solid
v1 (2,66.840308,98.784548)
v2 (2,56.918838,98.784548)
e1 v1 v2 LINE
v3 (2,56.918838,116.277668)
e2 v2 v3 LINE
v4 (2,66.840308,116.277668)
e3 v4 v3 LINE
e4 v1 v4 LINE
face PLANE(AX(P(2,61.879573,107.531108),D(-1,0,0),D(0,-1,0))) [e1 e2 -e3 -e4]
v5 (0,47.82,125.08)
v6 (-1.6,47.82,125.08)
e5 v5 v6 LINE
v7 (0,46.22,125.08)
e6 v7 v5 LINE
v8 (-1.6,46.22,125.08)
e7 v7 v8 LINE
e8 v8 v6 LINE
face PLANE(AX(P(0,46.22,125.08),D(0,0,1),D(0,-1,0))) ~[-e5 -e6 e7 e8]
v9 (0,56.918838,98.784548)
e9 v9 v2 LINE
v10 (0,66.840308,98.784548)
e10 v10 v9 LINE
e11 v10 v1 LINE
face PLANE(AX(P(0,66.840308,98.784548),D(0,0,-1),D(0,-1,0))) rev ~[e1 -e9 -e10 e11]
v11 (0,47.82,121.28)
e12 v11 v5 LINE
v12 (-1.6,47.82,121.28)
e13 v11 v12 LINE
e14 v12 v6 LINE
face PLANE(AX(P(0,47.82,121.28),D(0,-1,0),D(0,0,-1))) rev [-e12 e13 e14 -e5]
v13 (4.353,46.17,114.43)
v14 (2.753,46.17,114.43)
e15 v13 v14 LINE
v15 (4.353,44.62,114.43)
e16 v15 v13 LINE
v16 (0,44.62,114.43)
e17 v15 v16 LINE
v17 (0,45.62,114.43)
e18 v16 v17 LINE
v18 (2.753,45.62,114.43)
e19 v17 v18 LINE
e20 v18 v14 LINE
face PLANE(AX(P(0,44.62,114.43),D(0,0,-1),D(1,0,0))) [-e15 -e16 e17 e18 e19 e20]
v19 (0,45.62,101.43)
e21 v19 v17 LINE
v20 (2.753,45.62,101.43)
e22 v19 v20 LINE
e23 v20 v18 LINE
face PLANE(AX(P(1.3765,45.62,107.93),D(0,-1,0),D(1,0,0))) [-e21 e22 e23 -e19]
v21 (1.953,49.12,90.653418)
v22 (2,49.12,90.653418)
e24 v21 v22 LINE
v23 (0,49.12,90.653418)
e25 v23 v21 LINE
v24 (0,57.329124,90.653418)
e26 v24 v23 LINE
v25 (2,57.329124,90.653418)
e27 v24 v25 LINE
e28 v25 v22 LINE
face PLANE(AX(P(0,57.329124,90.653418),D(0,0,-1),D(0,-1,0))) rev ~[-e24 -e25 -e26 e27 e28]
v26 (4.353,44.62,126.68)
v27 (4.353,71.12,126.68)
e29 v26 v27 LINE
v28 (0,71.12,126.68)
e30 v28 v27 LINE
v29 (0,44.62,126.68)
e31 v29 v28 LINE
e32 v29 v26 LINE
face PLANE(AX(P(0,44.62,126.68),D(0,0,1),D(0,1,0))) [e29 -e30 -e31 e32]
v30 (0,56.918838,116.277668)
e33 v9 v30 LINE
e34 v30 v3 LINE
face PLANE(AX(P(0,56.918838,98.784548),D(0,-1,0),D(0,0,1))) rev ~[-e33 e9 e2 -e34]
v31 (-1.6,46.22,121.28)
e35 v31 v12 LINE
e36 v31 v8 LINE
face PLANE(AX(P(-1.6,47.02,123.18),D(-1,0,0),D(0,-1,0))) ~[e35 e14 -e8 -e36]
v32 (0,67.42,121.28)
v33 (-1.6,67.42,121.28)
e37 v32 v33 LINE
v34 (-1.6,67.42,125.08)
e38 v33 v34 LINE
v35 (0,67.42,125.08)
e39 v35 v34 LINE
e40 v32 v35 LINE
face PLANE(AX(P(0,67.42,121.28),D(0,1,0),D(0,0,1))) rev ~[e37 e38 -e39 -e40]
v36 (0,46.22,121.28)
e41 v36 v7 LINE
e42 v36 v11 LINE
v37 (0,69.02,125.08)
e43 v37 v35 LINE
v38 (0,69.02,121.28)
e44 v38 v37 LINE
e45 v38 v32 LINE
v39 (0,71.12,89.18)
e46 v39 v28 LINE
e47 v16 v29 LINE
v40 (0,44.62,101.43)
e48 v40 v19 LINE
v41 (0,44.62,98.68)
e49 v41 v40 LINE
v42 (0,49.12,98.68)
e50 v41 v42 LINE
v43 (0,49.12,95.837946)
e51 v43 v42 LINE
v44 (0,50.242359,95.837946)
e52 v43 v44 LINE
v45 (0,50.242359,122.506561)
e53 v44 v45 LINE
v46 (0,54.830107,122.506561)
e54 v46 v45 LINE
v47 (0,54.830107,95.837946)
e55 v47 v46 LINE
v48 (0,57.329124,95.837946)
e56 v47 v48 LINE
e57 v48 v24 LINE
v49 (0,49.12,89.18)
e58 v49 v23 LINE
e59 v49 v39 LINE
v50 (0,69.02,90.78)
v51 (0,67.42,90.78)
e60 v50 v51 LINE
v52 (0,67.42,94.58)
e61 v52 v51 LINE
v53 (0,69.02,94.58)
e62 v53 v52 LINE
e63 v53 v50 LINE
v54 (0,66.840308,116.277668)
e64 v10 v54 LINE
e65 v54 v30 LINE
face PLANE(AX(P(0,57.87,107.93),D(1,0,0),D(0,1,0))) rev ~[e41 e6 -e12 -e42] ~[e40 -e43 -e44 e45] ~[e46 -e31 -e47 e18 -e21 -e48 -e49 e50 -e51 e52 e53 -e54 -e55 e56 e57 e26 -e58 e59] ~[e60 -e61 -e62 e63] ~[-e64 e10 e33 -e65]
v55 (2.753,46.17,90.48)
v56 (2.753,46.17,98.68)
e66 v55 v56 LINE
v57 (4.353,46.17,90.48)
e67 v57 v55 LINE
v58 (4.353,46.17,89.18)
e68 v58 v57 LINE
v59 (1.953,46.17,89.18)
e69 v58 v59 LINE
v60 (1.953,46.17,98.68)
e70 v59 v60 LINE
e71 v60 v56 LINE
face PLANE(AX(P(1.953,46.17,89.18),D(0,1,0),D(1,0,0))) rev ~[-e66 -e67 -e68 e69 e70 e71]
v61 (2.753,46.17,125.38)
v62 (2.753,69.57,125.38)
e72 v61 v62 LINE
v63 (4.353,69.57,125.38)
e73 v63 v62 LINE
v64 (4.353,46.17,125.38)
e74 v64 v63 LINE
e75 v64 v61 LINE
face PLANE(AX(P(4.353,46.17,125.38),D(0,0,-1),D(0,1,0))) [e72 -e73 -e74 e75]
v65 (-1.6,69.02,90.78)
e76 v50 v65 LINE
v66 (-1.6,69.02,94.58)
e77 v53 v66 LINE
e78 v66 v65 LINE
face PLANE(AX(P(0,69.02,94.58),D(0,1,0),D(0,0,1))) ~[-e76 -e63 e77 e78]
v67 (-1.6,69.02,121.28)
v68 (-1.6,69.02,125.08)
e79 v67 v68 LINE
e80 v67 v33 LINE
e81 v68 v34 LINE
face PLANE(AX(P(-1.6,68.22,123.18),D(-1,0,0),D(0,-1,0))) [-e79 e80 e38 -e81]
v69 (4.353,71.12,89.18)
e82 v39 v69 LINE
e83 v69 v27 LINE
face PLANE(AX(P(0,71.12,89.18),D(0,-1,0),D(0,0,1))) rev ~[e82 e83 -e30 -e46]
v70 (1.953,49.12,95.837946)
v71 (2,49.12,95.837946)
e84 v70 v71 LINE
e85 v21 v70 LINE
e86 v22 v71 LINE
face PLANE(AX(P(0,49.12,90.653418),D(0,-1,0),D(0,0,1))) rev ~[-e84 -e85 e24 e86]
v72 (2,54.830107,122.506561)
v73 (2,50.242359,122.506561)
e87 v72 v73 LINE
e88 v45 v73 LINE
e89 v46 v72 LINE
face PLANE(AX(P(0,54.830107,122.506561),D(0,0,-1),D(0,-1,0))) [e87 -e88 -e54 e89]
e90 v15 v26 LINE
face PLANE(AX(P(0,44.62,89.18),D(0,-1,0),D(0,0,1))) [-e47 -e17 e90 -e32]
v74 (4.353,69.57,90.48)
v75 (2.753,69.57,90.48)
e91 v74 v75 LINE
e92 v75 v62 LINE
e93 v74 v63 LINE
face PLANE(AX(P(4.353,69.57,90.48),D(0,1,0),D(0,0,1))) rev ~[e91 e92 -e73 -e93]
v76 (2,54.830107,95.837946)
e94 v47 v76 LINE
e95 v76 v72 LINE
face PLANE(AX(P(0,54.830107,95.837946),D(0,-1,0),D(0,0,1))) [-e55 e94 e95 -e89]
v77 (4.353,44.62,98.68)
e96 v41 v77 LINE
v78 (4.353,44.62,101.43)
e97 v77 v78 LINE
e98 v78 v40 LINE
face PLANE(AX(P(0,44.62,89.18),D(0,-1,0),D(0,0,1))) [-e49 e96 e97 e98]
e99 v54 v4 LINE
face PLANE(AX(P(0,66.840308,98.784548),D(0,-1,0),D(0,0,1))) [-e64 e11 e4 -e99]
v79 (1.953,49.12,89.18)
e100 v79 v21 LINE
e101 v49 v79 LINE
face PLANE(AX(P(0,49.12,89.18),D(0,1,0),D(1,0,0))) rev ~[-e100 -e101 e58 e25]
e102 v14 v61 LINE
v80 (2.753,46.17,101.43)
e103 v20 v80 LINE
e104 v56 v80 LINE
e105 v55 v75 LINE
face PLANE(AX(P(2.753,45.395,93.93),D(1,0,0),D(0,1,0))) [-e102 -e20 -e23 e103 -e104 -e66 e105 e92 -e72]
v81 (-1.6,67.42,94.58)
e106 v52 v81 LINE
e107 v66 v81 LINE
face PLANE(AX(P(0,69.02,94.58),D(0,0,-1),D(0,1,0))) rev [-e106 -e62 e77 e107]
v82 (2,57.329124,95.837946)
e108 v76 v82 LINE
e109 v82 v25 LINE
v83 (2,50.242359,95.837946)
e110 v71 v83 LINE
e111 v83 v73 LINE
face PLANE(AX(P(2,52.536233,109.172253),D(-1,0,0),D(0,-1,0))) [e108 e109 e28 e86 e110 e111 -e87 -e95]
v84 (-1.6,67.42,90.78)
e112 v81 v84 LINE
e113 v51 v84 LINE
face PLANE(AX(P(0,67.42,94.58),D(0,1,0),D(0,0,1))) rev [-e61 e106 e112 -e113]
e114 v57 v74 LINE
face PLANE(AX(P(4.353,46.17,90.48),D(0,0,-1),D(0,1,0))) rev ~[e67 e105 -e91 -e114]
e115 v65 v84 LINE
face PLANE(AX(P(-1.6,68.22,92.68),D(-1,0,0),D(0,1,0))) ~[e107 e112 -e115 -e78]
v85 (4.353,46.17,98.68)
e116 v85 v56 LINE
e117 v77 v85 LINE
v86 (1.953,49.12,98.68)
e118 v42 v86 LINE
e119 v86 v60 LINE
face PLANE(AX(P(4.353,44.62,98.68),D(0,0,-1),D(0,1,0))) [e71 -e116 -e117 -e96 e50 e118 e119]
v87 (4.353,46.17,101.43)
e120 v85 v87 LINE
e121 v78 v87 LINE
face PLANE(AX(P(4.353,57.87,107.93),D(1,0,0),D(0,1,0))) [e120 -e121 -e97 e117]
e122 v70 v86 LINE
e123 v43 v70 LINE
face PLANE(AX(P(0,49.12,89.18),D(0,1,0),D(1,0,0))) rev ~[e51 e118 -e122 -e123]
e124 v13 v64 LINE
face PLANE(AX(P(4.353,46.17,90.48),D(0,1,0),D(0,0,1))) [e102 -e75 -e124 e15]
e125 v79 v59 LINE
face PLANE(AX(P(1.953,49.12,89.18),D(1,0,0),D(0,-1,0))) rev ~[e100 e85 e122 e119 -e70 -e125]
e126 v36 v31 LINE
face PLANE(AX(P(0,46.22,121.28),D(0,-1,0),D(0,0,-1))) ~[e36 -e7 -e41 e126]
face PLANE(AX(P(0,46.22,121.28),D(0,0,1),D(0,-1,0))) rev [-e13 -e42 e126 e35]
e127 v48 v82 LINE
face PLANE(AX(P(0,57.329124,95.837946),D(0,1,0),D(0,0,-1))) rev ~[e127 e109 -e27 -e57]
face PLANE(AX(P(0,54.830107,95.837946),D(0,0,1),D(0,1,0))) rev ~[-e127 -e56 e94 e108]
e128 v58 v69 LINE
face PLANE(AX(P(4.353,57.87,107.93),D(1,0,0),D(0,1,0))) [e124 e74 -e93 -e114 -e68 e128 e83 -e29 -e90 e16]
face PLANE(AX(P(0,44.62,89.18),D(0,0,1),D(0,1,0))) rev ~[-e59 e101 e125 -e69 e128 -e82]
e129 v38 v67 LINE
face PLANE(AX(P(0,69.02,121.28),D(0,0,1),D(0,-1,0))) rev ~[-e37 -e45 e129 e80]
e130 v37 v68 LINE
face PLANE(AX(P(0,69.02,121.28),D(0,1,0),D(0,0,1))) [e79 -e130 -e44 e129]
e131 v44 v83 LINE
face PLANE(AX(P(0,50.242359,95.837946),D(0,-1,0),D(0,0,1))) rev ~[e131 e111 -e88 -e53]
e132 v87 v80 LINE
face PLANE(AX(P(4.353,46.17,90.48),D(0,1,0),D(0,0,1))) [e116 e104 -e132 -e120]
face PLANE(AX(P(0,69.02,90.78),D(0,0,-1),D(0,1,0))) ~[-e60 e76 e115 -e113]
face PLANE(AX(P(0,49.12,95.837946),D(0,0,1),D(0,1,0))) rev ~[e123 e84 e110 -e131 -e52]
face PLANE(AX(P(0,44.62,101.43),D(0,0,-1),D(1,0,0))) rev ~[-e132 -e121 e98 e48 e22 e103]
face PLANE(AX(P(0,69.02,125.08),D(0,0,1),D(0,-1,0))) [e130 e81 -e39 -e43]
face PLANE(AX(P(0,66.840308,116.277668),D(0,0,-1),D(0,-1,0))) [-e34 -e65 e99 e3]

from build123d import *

# Parameters (mm, degrees)
SKETCH1_W           = 26.5
SKETCH1_H           = 37.5
BOSS_EXTRUDE1_DEPTH = 4.353
SKETCH2_W           = 23.4
SKETCH2_H           = 34.9
CUT_EXTRUDE1_DEPTH  = 1.6
SKETCH3_W           = 1.55
SKETCH3_H           = 13
CUT_EXTRUDE2_DEPTH  = 1.6
SKETCH4_W           = 2.753
SKETCH4_H           = 13
CUT_EXTRUDE3_DEPTH  = 1
SKETCH5_W           = 1.55
SKETCH5_H           = 9.5
CUT_EXTRUDE5_DEPTH  = 1.6
CUT_EXTRUDE6_DEPTH  = 9.5
SKETCH7_W           = 4.587747781
SKETCH7_H           = 26.668615153
SKETCH7_W_2         = 9.921470812
SKETCH7_H_2         = 17.49311959
CUT_EXTRUDE7_DEPTH  = 2
SKETCH8_W           = 1.6
SKETCH8_H           = 3.8
BOSS_EXTRUDE2_DEPTH = 1.6


with BuildPart() as part:
    # Sketch1 → Boss-Extrude1 (new body)
    with BuildSketch(Plane.YZ):
        with Locations((57.87, 107.93)):
            Rectangle(SKETCH1_W, SKETCH1_H)
    extrude(amount=BOSS_EXTRUDE1_DEPTH)

    # Sketch2 → Cut-Extrude1 (cut)
    with BuildSketch(Plane.YZ.offset(4.353)):
        with Locations((57.87, 107.93)):
            Rectangle(SKETCH2_W, SKETCH2_H)
    extrude(amount=-CUT_EXTRUDE1_DEPTH, mode=Mode.SUBTRACT)

    # Sketch3 → Cut-Extrude2 (cut)
    with BuildSketch(Plane.YZ.offset(4.353)):
        with Locations((45.395, 107.93)):
            Rectangle(SKETCH3_W, SKETCH3_H)
    extrude(amount=-CUT_EXTRUDE2_DEPTH, mode=Mode.SUBTRACT)

    # Sketch4 → Cut-Extrude3 (cut)
    with BuildSketch(Plane.XZ.offset(-44.62)):
        with Locations((1.3765, 107.93)):
            Rectangle(SKETCH4_W, SKETCH4_H)
    extrude(amount=-CUT_EXTRUDE3_DEPTH, mode=Mode.SUBTRACT)

    # Sketch5 → Cut-Extrude5 (cut)
    with BuildSketch(Plane.YZ.offset(4.353)):
        with Locations((45.395, 93.93)):
            Rectangle(SKETCH5_W, SKETCH5_H)
    extrude(amount=-CUT_EXTRUDE5_DEPTH, mode=Mode.SUBTRACT)

    # Sketch6 → Cut-Extrude6 (cut)
    with BuildSketch(Plane(origin=(0, 0, 89.18), x_dir=(1, 0, 0), z_dir=(0, 0, -1))):
        Polygon((1.953, -46.17), (2.753, -46.17), (2.753, -44.62), (0, -44.62), (0, -49.12), (1.953, -49.12), align=None)
    extrude(amount=-CUT_EXTRUDE6_DEPTH, mode=Mode.SUBTRACT)

    # Sketch7 → Cut-Extrude7 (cut)
    with BuildSketch(Plane(origin=(0, 0, 0), x_dir=(0, -1, 0), z_dir=(-1, 0, 0))):
        with Locations((-52.536232928, 109.172253496)):
            Rectangle(SKETCH7_W, SKETCH7_H)
        Polygon((-57.329123903, 95.837945919), (-57.329123903, 90.653417938), (-49.12, 90.653417938), (-49.12, 95.837945919), (-50.242359038, 95.837945919), (-54.830106819, 95.837945919), align=None)
        with Locations((-61.879572923, 107.531107948)):
            Rectangle(SKETCH7_W_2, SKETCH7_H_2)
    extrude(amount=-CUT_EXTRUDE7_DEPTH, mode=Mode.SUBTRACT)

    # Sketch8 → Boss-Extrude2 (add)
    with BuildSketch(Plane(origin=(0, 0, 0), x_dir=(0, -1, 0), z_dir=(-1, 0, 0))):
        with Locations((-68.22, 123.18)):
            Rectangle(SKETCH8_W, SKETCH8_H)
    boss_extrude2 = extrude(amount=BOSS_EXTRUDE2_DEPTH)

    # Mirror1: Boss-Extrude2 across plane
    add(boss_extrude2.mirror(Plane(origin=(0, 0, 107.93), x_dir=(1, 0, 0), z_dir=(0, 0, -1))))

    # Mirror2: Boss-Extrude2 across plane
    add(boss_extrude2.mirror(Plane(origin=(0, 57.62, 0), x_dir=(0, 0, 1), z_dir=(0, -1, 0))))


solid = part.part
